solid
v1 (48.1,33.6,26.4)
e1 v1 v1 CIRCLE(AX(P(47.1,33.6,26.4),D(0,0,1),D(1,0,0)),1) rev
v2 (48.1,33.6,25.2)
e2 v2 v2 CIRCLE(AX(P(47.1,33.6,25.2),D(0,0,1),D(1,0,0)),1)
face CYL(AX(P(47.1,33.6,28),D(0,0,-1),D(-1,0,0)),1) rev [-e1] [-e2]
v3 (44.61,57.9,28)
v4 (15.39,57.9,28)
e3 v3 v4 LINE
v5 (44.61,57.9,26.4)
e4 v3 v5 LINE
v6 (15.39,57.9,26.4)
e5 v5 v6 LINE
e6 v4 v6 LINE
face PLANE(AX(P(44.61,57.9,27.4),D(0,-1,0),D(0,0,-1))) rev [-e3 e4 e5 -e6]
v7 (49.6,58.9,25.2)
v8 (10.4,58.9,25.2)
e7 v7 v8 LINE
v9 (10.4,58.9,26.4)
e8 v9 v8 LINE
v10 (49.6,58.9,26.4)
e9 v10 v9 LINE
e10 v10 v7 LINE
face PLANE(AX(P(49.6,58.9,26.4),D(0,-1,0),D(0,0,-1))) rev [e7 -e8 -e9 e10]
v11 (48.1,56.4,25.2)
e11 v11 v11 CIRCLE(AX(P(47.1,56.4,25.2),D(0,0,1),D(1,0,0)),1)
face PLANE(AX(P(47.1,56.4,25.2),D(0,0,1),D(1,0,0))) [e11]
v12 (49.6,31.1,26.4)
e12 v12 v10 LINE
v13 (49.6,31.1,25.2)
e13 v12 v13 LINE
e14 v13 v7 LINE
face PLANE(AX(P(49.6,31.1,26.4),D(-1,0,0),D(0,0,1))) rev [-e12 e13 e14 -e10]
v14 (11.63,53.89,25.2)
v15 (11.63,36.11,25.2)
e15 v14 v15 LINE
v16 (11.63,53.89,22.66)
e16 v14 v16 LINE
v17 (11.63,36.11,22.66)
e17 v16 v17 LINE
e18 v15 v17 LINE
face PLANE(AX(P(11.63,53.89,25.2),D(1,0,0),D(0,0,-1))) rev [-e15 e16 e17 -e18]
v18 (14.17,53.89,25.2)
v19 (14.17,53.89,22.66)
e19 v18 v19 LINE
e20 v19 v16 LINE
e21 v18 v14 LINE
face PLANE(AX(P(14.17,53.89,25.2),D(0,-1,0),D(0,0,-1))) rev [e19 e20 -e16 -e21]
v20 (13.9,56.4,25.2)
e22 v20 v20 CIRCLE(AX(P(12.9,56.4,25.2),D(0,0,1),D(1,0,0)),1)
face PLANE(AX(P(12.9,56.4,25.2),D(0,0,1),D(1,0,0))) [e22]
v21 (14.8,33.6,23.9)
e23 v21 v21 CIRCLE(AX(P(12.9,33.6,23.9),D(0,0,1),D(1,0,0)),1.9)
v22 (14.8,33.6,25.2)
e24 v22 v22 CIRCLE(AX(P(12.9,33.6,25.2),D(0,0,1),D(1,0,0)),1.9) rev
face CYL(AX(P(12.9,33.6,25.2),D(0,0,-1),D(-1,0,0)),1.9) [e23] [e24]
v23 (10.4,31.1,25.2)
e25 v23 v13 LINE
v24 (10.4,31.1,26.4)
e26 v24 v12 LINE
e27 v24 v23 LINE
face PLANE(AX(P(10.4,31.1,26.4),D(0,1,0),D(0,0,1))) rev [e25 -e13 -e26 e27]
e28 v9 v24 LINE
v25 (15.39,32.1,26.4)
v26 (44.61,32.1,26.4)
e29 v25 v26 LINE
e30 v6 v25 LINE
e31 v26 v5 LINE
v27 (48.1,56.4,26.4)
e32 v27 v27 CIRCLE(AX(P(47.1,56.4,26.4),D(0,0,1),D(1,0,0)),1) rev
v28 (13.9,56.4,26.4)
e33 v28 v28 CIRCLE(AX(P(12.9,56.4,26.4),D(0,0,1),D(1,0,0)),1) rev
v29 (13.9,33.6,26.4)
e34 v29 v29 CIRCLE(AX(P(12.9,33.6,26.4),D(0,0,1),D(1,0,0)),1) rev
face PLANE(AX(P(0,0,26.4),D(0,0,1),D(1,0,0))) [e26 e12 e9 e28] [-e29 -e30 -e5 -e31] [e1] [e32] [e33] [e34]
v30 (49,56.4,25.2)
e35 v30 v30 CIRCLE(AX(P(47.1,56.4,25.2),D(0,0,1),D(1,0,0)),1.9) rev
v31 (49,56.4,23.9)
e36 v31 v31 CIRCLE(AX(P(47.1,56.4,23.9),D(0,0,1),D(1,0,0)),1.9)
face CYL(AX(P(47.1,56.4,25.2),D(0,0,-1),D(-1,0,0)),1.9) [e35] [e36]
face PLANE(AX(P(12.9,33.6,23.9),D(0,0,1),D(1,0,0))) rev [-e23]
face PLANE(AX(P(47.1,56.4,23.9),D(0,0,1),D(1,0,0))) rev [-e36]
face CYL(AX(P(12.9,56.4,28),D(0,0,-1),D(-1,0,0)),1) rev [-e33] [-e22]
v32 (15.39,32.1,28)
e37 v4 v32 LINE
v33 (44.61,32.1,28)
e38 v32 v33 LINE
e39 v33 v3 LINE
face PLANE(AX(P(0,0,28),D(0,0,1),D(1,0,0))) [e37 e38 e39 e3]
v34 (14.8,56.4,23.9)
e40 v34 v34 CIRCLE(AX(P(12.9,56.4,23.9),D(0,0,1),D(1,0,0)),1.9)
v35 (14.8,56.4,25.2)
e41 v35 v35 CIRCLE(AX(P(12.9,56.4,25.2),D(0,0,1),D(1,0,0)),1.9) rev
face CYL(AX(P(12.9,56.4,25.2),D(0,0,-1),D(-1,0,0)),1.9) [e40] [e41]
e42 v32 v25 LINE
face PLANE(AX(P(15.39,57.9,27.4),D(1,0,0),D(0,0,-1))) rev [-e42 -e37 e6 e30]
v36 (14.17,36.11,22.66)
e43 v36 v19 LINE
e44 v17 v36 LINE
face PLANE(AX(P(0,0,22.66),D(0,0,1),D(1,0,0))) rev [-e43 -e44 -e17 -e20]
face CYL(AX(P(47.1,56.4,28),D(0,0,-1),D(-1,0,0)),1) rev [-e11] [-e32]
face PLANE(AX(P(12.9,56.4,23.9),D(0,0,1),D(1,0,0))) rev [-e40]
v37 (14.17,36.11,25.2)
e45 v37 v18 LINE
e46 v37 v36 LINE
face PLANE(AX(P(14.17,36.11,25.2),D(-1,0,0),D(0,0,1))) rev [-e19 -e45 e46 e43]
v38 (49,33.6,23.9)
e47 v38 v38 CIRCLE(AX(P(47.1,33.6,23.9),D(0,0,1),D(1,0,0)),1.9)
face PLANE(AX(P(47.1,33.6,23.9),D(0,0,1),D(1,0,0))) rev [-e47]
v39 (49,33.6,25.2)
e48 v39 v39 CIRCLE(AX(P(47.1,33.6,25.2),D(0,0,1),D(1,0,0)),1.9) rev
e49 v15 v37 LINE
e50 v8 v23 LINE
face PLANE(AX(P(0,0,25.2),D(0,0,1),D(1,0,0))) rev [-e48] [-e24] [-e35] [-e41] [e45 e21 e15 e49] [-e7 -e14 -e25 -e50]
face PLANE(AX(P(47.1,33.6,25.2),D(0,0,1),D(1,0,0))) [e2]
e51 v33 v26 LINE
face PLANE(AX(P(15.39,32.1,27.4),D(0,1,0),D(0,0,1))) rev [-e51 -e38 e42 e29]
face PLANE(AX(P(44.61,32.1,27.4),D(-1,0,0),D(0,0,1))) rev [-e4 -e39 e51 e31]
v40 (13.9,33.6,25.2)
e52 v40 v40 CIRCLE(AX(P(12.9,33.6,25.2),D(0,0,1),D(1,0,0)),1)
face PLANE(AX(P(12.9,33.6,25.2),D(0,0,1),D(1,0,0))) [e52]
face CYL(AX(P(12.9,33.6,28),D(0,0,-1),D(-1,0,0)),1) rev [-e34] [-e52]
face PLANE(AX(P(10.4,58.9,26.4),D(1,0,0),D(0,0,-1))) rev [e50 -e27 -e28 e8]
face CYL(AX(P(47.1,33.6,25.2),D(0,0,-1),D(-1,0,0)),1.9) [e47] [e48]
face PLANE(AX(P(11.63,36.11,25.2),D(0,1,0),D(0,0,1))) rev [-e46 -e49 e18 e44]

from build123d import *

# Parameters (mm, degrees)
MODULE_START                                    = 25.2
SKETCH_1_W                                      = 39.2
SKETCH_1_H                                      = 27.8
MODULE_PCB_DEPTH                                = 1.2
BACKLIGHT_START                                 = 26.4
SKETCH_2_W                                      = 29.22
SKETCH_2_H                                      = 25.8
BACKLIGHT_FRAME_DEPTH                           = 1
GLASS_START                                     = 27.4
SKETCH_3_W                                      = 29.22
SKETCH_3_H                                      = 25.8
GLASS_DEPTH                                     = 0.6
F_7_PIN_START                                   = 22.66
SKETCH_4_W                                      = 2.54
SKETCH_4_H                                      = 17.78
F_7_PIN_HEADER_PLASTIC_ON_THE_MODULE_BACK_DEPTH = 2.54
SKETCH_5_R                                      = 1
CORNER_HOLES_DEPTH                              = 82.935157289
M2_START                                        = 23.9
SKETCH_6_R                                      = 1.9
M2_SCREW_HEAD_DEPTH                             = 1.3
EXTRUDE_START                                   = 23.9
SKETCH_7_R                                      = 1.9
EXTRUDE_6_DEPTH                                 = 1.3
SKETCH_8_R                                      = 1.9
EXTRUDE_7_DEPTH                                 = 1.3
SKETCH_9_R                                      = 1.9
EXTRUDE_8_DEPTH                                 = 1.3


with BuildPart() as part:
    # 草圖1 → module PCB (new body)
    with BuildSketch(Plane.XY.offset(MODULE_START)):
        with Locations((30, 45)):
            Rectangle(SKETCH_1_W, SKETCH_1_H)
    extrude(amount=MODULE_PCB_DEPTH)

    # 草圖2 → backlight frame (add)
    with BuildSketch(Plane.XY.offset(BACKLIGHT_START)):
        with Locations((30, 45)):
            Rectangle(SKETCH_2_W, SKETCH_2_H)
    extrude(amount=BACKLIGHT_FRAME_DEPTH)

    # 草圖3 → glass (add)
    with BuildSketch(Plane.XY.offset(GLASS_START)):
        with Locations((30, 45)):
            Rectangle(SKETCH_3_W, SKETCH_3_H)
    extrude(amount=GLASS_DEPTH)

    # 草圖4 → 7-pin header plastic on the module back (add)
    with BuildSketch(Plane.XY.offset(F_7_PIN_START)):
        with Locations((12.9, 45)):
            Rectangle(SKETCH_4_W, SKETCH_4_H)
    extrude(amount=F_7_PIN_HEADER_PLASTIC_ON_THE_MODULE_BACK_DEPTH)

    # 草圖5 → corner holes (cut, through all)
    with BuildSketch(Plane.XY):
        with Locations((12.9, 33.6)):
            Circle(SKETCH_5_R)
        with Locations((12.9, 56.4)):
            Circle(SKETCH_5_R)
        with Locations((47.1, 33.6)):
            Circle(SKETCH_5_R)
        with Locations((47.1, 56.4)):
            Circle(SKETCH_5_R)
    extrude(amount=CORNER_HOLES_DEPTH, mode=Mode.SUBTRACT)

    # 草圖6 → M2 screw head (add)
    with BuildSketch(Plane.XY.offset(M2_START)):
        with Locations((12.9, 33.6)):
            Circle(SKETCH_6_R)
    extrude(amount=M2_SCREW_HEAD_DEPTH)

    # 草圖7 → 填料-伸長6 (add)
    with BuildSketch(Plane.XY.offset(EXTRUDE_START)):
        with Locations((12.9, 56.4)):
            Circle(SKETCH_7_R)
    extrude(amount=EXTRUDE_6_DEPTH)

    # 草圖8 → 填料-伸長7 (add)
    with BuildSketch(Plane.XY.offset(EXTRUDE_START)):
        with Locations((47.1, 33.6)):
            Circle(SKETCH_8_R)
    extrude(amount=EXTRUDE_7_DEPTH)

    # 草圖9 → 填料-伸長8 (add)
    with BuildSketch(Plane.XY.offset(EXTRUDE_START)):
        with Locations((47.1, 56.4)):
            Circle(SKETCH_9_R)
    extrude(amount=EXTRUDE_8_DEPTH)


solid = part.part
